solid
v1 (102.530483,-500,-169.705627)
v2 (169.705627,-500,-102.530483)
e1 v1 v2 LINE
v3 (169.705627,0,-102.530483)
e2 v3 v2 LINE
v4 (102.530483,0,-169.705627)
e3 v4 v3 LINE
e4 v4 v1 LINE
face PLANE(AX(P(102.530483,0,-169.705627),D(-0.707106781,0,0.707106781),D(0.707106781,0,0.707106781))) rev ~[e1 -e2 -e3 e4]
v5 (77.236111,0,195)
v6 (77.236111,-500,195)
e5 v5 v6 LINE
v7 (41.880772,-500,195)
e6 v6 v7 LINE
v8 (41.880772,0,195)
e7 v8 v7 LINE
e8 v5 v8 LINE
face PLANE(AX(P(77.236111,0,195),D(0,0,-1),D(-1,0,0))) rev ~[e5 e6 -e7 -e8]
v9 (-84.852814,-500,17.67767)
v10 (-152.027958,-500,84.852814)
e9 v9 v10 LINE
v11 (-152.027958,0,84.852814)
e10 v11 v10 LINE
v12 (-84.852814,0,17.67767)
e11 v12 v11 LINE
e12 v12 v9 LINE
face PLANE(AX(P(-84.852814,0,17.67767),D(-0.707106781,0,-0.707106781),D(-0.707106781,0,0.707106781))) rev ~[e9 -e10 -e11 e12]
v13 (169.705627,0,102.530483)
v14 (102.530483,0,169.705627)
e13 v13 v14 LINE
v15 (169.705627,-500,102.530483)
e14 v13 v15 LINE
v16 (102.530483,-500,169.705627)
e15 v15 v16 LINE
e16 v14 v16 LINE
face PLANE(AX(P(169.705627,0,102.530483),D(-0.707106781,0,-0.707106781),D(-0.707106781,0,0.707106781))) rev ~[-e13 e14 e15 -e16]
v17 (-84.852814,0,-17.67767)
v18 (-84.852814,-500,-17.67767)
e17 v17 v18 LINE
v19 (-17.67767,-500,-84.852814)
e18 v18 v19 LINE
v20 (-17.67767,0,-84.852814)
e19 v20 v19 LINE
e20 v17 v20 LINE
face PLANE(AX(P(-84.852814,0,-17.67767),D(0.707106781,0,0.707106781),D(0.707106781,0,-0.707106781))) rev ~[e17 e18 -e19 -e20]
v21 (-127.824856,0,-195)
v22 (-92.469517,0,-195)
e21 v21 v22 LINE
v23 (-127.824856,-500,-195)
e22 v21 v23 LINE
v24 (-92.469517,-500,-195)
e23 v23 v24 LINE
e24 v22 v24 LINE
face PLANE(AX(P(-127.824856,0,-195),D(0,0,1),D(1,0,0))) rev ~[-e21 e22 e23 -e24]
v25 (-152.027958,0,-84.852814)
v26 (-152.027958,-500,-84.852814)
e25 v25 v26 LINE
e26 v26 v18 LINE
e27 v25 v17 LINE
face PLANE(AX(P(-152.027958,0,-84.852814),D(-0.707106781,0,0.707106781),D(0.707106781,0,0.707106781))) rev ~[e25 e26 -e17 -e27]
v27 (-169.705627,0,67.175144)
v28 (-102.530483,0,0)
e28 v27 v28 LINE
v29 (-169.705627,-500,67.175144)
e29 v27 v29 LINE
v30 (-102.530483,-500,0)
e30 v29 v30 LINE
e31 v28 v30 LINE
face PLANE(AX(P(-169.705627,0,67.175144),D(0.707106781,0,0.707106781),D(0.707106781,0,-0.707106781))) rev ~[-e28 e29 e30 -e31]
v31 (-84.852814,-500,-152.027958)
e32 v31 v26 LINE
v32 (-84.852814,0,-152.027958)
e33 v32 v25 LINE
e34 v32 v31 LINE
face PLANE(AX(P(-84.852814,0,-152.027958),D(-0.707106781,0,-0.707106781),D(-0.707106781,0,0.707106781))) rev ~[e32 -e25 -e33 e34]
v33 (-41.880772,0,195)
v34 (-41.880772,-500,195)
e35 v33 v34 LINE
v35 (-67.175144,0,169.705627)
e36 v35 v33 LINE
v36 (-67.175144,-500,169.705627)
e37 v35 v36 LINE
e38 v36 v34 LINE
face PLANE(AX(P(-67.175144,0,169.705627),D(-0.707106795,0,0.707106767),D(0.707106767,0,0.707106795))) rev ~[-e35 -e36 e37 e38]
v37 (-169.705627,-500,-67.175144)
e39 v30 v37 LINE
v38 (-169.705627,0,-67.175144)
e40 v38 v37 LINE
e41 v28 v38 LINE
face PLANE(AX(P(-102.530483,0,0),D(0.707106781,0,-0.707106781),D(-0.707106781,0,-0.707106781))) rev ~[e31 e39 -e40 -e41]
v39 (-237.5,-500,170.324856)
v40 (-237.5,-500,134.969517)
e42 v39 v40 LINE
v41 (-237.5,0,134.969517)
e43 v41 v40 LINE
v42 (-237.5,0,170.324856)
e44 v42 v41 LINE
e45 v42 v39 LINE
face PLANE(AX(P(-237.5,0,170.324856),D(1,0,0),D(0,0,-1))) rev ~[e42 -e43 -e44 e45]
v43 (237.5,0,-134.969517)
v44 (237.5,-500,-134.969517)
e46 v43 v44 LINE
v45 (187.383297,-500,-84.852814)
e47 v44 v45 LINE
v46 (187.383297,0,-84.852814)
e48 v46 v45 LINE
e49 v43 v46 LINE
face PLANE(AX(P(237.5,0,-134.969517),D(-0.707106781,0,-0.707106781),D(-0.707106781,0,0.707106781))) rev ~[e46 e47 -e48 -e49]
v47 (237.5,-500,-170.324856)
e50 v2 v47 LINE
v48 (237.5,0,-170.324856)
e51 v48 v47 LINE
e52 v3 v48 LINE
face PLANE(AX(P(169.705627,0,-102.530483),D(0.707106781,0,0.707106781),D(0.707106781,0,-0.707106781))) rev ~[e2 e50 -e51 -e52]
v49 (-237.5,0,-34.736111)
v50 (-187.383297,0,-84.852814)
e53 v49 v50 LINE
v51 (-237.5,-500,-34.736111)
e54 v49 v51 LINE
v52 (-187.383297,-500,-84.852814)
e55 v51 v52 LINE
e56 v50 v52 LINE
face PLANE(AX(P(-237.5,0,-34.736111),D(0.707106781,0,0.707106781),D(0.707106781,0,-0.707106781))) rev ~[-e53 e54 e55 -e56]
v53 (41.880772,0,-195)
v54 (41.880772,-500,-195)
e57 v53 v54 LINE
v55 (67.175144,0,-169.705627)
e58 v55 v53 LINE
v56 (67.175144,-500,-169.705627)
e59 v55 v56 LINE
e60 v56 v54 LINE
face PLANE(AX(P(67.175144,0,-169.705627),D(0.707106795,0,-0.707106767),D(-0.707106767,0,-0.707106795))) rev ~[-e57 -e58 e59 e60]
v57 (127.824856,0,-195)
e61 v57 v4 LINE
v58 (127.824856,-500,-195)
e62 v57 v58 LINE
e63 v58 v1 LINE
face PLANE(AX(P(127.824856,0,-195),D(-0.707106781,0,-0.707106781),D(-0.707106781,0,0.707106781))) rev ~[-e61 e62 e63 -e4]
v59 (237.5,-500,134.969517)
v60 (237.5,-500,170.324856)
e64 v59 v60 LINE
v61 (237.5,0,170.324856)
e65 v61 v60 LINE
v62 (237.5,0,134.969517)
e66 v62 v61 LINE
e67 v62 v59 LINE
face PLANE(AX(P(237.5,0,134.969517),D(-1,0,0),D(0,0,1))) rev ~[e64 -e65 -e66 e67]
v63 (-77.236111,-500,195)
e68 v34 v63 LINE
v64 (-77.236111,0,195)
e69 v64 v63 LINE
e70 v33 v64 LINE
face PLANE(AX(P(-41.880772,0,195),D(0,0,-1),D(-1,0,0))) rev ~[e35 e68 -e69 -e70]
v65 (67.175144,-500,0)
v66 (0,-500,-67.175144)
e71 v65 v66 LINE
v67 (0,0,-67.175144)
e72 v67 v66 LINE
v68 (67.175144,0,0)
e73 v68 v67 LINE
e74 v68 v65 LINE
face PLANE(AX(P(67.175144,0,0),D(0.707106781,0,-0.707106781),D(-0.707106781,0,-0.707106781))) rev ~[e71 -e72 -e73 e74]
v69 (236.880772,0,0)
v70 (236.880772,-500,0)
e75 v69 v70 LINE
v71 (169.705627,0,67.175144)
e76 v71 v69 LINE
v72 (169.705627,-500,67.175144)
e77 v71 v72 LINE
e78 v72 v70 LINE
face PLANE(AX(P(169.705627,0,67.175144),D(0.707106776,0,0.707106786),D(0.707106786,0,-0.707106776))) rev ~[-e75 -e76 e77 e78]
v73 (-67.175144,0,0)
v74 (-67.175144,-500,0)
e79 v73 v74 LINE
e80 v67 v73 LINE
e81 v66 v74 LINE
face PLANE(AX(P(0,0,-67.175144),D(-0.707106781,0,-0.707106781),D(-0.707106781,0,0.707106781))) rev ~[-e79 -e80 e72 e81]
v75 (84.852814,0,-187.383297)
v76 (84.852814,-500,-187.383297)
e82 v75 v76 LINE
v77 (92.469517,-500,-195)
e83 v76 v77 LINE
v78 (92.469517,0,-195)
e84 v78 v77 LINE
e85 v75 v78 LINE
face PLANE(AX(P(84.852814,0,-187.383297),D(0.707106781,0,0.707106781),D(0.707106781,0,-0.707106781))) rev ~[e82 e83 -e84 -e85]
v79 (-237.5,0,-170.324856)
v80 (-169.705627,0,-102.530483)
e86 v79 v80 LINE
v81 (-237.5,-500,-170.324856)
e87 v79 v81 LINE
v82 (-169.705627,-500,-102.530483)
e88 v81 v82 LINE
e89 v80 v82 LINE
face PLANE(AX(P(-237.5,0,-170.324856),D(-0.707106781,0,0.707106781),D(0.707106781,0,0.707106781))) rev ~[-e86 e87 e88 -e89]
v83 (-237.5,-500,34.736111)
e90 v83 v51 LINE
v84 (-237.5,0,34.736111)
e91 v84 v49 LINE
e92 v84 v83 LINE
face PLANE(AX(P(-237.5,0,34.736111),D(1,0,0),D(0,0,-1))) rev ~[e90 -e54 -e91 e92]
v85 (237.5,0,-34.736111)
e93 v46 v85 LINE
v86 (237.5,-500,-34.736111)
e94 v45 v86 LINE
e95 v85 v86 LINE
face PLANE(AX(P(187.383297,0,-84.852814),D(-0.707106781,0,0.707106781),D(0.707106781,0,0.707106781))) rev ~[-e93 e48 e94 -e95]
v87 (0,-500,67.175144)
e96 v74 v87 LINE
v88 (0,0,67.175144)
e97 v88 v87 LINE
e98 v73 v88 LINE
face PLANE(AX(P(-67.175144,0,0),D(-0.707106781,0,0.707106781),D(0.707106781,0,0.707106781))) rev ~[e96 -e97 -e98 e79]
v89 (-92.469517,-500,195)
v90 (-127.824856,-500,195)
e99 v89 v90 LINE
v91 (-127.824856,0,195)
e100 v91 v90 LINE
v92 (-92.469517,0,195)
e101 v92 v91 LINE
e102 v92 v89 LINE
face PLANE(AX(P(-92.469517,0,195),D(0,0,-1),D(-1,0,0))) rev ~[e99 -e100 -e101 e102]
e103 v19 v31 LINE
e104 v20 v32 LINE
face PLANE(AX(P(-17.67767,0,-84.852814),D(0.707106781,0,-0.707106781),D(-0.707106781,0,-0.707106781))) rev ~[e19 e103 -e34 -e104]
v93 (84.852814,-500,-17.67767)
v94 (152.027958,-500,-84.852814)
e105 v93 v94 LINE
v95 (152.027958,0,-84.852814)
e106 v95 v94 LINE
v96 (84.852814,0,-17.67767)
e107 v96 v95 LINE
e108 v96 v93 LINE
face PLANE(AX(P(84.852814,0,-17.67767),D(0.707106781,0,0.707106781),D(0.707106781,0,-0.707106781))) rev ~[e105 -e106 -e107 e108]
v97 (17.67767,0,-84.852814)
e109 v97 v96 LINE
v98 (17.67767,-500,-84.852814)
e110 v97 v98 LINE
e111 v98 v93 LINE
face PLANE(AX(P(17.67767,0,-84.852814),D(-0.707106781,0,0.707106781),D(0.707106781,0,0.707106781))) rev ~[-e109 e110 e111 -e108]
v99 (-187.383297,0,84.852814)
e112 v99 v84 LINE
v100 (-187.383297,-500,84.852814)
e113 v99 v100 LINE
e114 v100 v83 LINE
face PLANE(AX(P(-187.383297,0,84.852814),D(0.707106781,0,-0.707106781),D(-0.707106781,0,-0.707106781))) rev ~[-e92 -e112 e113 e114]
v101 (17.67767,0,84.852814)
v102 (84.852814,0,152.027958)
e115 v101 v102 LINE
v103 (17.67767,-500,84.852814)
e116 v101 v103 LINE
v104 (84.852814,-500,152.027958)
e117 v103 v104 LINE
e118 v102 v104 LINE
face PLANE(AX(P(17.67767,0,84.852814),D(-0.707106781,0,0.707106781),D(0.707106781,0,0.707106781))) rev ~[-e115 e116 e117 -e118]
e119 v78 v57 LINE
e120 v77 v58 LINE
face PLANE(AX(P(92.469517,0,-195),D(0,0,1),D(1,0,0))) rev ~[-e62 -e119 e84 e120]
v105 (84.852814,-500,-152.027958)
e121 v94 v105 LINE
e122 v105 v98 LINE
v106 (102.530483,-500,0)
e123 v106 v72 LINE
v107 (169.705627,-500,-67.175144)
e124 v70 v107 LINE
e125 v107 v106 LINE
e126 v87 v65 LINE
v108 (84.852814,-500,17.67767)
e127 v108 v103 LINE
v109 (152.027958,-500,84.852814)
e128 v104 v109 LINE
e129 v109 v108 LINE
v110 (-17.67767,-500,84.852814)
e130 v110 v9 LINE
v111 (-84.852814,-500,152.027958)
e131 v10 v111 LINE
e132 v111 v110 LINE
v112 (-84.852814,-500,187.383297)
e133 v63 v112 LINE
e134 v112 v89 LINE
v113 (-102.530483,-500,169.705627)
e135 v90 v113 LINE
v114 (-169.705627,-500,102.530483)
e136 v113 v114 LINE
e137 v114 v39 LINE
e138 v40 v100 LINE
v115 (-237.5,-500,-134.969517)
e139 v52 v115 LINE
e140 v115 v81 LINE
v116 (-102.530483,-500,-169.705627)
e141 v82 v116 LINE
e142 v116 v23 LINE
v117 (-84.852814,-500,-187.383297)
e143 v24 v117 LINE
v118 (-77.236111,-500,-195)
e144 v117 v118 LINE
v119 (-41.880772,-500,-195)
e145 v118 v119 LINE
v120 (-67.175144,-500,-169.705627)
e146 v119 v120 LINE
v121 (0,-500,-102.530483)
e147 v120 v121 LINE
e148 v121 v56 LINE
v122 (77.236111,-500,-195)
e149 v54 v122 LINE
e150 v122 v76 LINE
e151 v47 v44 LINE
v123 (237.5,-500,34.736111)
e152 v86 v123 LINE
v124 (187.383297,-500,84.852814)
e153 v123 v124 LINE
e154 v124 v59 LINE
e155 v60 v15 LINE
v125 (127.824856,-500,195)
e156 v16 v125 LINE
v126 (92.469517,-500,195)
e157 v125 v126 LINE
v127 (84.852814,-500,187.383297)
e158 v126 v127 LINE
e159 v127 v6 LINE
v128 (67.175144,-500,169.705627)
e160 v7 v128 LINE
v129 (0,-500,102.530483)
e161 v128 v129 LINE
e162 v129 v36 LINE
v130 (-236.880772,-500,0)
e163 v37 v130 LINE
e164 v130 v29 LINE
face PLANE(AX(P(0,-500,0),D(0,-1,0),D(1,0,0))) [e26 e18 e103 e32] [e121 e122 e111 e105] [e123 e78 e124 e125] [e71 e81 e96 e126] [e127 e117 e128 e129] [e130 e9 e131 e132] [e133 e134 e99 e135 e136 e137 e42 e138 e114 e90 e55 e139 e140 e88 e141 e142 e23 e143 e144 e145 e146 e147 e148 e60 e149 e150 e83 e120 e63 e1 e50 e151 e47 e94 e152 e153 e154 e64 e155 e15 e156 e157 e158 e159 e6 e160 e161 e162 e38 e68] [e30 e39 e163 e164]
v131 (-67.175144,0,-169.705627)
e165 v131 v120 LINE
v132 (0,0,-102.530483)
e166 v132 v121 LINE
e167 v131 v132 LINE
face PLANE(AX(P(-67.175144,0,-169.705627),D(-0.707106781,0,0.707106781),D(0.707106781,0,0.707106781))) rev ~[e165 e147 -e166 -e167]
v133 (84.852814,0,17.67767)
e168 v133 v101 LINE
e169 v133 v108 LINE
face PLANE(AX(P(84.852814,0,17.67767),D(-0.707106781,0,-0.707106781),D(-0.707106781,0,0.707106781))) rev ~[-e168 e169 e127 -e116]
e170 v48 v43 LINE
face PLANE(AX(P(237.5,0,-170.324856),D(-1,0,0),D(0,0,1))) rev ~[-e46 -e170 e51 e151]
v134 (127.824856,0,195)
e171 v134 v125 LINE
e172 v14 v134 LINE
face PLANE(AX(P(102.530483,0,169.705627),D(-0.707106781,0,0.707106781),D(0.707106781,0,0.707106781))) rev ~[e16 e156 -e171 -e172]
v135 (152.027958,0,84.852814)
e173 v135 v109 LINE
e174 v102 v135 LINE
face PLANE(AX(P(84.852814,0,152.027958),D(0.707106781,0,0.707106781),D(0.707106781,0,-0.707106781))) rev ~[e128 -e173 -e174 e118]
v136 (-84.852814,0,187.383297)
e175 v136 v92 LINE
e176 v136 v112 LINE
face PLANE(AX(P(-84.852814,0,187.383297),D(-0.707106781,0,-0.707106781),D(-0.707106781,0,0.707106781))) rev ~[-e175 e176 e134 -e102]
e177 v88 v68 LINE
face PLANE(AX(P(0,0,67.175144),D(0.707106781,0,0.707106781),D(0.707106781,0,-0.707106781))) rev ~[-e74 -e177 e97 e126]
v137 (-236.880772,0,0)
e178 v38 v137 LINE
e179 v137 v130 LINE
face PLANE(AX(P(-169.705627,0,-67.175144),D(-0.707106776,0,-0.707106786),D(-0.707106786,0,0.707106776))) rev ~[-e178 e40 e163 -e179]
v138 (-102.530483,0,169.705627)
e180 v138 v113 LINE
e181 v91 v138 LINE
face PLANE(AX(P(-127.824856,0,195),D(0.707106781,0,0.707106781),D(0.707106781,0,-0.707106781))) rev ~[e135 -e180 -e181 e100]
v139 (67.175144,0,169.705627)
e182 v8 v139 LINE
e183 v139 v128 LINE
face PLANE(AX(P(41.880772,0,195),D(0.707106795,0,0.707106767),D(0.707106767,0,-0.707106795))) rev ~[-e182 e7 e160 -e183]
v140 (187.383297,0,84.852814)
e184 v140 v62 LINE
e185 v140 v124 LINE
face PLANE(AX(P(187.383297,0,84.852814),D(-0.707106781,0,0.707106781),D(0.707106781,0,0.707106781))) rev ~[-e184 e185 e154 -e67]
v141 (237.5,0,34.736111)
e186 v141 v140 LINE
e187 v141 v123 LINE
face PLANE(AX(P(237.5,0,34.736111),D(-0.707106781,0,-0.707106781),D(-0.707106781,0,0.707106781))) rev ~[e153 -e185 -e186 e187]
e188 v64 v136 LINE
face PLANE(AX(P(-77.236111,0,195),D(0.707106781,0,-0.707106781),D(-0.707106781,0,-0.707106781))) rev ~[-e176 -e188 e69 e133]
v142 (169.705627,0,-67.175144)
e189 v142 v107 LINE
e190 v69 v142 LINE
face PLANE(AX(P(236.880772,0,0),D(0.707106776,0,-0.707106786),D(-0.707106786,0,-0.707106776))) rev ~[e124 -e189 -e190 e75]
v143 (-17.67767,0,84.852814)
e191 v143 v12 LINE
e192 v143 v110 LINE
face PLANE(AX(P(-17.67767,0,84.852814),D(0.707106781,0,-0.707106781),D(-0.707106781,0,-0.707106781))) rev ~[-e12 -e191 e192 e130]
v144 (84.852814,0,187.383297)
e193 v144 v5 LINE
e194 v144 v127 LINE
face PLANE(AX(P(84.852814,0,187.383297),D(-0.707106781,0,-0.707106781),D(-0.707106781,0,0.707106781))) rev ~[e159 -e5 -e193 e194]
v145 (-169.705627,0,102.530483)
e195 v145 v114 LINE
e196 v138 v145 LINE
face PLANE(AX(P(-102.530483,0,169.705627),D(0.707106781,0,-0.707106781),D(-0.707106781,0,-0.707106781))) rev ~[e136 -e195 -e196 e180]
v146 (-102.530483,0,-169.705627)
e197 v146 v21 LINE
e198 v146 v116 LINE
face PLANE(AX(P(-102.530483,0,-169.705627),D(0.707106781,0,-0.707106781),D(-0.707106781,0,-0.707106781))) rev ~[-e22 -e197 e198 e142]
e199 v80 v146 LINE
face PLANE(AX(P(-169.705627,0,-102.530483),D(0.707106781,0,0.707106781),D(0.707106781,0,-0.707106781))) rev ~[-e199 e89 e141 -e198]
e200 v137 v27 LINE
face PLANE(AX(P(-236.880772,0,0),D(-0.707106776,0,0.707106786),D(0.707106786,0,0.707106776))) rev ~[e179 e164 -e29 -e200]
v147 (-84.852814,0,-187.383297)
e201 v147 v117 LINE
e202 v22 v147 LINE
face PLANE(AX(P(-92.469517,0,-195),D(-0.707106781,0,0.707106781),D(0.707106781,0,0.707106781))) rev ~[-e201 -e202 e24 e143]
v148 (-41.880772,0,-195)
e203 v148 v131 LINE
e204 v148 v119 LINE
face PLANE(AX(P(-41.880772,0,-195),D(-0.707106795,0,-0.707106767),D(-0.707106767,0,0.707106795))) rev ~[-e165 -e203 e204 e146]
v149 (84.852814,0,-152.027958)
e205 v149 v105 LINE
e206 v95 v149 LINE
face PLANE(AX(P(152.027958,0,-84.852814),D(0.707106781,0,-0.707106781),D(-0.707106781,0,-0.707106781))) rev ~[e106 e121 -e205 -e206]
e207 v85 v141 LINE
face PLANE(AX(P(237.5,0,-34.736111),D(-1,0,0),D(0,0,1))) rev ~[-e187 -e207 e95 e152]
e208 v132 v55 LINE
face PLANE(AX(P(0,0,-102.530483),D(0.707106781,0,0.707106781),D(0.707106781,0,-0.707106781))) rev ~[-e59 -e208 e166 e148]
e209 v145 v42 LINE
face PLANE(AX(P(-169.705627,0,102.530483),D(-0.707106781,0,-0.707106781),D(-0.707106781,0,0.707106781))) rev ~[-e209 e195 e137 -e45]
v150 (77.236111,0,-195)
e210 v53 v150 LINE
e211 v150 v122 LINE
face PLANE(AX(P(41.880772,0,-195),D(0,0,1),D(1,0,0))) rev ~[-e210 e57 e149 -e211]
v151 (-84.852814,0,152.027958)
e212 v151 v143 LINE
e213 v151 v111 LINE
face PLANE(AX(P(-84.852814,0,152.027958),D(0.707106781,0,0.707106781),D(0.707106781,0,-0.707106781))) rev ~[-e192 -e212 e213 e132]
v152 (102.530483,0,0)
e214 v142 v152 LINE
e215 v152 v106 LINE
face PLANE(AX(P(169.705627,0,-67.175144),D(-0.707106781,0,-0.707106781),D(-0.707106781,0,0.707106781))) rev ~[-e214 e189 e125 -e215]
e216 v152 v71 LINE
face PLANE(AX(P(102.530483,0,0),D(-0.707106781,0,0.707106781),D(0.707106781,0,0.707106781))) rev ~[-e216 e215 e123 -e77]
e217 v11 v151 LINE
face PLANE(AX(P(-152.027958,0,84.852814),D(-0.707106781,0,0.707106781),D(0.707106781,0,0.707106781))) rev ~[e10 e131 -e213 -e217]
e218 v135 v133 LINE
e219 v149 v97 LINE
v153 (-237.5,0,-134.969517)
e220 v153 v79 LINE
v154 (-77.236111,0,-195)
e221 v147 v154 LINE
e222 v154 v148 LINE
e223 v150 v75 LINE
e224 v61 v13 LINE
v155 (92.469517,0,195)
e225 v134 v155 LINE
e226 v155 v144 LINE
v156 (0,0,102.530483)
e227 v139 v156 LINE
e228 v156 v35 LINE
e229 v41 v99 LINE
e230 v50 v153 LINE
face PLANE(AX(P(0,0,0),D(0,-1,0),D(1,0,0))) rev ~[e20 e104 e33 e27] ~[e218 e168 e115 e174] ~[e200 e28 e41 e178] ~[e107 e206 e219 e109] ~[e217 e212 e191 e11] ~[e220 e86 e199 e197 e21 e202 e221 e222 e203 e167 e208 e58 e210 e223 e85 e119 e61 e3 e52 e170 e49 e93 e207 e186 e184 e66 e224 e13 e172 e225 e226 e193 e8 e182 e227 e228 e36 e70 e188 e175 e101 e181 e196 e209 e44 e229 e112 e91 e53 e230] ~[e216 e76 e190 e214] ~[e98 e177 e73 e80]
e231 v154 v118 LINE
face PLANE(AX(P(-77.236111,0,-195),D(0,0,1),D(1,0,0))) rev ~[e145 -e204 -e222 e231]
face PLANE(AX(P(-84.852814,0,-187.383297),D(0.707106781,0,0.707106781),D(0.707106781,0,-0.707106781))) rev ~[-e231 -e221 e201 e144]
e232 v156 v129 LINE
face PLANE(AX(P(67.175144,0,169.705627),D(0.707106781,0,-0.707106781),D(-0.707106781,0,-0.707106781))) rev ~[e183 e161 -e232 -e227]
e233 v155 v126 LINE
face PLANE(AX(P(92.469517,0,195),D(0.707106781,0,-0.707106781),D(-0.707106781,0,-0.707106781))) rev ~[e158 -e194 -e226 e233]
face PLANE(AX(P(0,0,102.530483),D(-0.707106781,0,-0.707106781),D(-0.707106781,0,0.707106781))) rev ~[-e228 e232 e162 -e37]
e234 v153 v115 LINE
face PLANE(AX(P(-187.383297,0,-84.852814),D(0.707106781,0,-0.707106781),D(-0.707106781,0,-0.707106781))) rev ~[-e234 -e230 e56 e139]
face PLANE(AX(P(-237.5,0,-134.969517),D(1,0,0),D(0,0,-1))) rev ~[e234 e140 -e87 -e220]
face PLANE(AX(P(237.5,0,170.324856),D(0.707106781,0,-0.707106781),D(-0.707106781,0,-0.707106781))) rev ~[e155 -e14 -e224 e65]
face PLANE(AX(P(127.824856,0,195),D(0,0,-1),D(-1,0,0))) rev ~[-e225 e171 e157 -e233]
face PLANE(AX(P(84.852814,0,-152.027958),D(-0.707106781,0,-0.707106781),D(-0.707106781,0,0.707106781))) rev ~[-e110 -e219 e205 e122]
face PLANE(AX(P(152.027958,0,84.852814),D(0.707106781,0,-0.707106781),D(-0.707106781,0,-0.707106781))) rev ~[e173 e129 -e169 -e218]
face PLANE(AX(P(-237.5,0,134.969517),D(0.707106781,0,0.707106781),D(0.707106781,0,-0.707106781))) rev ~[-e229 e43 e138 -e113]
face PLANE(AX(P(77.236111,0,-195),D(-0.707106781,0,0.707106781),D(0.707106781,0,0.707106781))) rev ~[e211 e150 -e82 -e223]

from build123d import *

# Parameters (mm, degrees)
F1_DEPTH = 500


with BuildPart() as f1:
    # F0 (on Front) → F1 (new body)
    with BuildSketch(Plane.XZ):
        Polygon((237.5, 0.619228), (237.5, 34.736111), (187.383297, 84.852814), (237.5, 134.969517), (237.5, 170.324856), (169.705627, 102.530483), (102.530483, 169.705627), (127.824856, 195), (92.469517, 195), (84.852814, 187.383297), (77.236111, 195), (41.880772, 195), (67.175144, 169.705627), (0, 102.530483), (-67.175144, 169.705627), (-41.880772, 195), (-77.236111, 195), (-84.852814, 187.383297), (-92.469517, 195), (-127.824856, 195), (-102.530483, 169.705627), (-169.705627, 102.530483), (-237.5, 170.324856), (-237.5, 134.969517), (-187.383297, 84.852814), (-237.5, 34.736111), (-237.5, 0.619228), (-236.880772, 0), (-237.5, -0.619228), (-237.5, -34.736111), (-187.383297, -84.852814), (-237.5, -134.969517), (-237.5, -170.324856), (-169.705627, -102.530483), (-102.530483, -169.705627), (-127.824856, -195), (-92.469517, -195), (-84.852814, -187.383297), (-77.236111, -195), (-41.880772, -195), (-67.175144, -169.705627), (0, -102.530483), (67.175144, -169.705627), (41.880772, -195), (77.236111, -195), (84.852814, -187.383297), (92.469517, -195), (127.824856, -195), (102.530483, -169.705627), (169.705627, -102.530483), (237.5, -170.324856), (237.5, -134.969517), (187.383297, -84.852814), (237.5, -34.736111), (237.5, -0.619228), (236.880772, 0), align=None)
        Polygon((-17.67767, -84.852814), (-84.852814, -152.027958), (-152.027958, -84.852814), (-84.852814, -17.67767), align=None, mode=Mode.SUBTRACT)
        Polygon((152.027958, -84.852814), (84.852814, -152.027958), (17.67767, -84.852814), (84.852814, -17.67767), align=None, mode=Mode.SUBTRACT)
        Polygon((-169.705627, -67.175144), (-236.880772, 0), (-169.705627, 67.175144), (-102.530483, 0), align=None, mode=Mode.SUBTRACT)
        Polygon((67.175144, 0), (0, -67.175144), (-67.175144, 0), (0, 67.175144), align=None, mode=Mode.SUBTRACT)
        Polygon((-17.67767, 84.852814), (-84.852814, 17.67767), (-152.027958, 84.852814), (-84.852814, 152.027958), align=None, mode=Mode.SUBTRACT)
        Polygon((152.027958, 84.852814), (84.852814, 17.67767), (17.67767, 84.852814), (84.852814, 152.027958), align=None, mode=Mode.SUBTRACT)
        Polygon((169.705627, 67.175144), (236.880772, 0), (169.705627, -67.175144), (102.530483, 0), align=None, mode=Mode.SUBTRACT)
        Polygon((237.5, -0.619228), (237.5, 0.619228), (236.880772, 0), align=None)
        Polygon((-236.880772, 0), (-237.5, 0.619228), (-237.5, -0.619228), align=None)
    extrude(amount=F1_DEPTH)


solid = f1.part
